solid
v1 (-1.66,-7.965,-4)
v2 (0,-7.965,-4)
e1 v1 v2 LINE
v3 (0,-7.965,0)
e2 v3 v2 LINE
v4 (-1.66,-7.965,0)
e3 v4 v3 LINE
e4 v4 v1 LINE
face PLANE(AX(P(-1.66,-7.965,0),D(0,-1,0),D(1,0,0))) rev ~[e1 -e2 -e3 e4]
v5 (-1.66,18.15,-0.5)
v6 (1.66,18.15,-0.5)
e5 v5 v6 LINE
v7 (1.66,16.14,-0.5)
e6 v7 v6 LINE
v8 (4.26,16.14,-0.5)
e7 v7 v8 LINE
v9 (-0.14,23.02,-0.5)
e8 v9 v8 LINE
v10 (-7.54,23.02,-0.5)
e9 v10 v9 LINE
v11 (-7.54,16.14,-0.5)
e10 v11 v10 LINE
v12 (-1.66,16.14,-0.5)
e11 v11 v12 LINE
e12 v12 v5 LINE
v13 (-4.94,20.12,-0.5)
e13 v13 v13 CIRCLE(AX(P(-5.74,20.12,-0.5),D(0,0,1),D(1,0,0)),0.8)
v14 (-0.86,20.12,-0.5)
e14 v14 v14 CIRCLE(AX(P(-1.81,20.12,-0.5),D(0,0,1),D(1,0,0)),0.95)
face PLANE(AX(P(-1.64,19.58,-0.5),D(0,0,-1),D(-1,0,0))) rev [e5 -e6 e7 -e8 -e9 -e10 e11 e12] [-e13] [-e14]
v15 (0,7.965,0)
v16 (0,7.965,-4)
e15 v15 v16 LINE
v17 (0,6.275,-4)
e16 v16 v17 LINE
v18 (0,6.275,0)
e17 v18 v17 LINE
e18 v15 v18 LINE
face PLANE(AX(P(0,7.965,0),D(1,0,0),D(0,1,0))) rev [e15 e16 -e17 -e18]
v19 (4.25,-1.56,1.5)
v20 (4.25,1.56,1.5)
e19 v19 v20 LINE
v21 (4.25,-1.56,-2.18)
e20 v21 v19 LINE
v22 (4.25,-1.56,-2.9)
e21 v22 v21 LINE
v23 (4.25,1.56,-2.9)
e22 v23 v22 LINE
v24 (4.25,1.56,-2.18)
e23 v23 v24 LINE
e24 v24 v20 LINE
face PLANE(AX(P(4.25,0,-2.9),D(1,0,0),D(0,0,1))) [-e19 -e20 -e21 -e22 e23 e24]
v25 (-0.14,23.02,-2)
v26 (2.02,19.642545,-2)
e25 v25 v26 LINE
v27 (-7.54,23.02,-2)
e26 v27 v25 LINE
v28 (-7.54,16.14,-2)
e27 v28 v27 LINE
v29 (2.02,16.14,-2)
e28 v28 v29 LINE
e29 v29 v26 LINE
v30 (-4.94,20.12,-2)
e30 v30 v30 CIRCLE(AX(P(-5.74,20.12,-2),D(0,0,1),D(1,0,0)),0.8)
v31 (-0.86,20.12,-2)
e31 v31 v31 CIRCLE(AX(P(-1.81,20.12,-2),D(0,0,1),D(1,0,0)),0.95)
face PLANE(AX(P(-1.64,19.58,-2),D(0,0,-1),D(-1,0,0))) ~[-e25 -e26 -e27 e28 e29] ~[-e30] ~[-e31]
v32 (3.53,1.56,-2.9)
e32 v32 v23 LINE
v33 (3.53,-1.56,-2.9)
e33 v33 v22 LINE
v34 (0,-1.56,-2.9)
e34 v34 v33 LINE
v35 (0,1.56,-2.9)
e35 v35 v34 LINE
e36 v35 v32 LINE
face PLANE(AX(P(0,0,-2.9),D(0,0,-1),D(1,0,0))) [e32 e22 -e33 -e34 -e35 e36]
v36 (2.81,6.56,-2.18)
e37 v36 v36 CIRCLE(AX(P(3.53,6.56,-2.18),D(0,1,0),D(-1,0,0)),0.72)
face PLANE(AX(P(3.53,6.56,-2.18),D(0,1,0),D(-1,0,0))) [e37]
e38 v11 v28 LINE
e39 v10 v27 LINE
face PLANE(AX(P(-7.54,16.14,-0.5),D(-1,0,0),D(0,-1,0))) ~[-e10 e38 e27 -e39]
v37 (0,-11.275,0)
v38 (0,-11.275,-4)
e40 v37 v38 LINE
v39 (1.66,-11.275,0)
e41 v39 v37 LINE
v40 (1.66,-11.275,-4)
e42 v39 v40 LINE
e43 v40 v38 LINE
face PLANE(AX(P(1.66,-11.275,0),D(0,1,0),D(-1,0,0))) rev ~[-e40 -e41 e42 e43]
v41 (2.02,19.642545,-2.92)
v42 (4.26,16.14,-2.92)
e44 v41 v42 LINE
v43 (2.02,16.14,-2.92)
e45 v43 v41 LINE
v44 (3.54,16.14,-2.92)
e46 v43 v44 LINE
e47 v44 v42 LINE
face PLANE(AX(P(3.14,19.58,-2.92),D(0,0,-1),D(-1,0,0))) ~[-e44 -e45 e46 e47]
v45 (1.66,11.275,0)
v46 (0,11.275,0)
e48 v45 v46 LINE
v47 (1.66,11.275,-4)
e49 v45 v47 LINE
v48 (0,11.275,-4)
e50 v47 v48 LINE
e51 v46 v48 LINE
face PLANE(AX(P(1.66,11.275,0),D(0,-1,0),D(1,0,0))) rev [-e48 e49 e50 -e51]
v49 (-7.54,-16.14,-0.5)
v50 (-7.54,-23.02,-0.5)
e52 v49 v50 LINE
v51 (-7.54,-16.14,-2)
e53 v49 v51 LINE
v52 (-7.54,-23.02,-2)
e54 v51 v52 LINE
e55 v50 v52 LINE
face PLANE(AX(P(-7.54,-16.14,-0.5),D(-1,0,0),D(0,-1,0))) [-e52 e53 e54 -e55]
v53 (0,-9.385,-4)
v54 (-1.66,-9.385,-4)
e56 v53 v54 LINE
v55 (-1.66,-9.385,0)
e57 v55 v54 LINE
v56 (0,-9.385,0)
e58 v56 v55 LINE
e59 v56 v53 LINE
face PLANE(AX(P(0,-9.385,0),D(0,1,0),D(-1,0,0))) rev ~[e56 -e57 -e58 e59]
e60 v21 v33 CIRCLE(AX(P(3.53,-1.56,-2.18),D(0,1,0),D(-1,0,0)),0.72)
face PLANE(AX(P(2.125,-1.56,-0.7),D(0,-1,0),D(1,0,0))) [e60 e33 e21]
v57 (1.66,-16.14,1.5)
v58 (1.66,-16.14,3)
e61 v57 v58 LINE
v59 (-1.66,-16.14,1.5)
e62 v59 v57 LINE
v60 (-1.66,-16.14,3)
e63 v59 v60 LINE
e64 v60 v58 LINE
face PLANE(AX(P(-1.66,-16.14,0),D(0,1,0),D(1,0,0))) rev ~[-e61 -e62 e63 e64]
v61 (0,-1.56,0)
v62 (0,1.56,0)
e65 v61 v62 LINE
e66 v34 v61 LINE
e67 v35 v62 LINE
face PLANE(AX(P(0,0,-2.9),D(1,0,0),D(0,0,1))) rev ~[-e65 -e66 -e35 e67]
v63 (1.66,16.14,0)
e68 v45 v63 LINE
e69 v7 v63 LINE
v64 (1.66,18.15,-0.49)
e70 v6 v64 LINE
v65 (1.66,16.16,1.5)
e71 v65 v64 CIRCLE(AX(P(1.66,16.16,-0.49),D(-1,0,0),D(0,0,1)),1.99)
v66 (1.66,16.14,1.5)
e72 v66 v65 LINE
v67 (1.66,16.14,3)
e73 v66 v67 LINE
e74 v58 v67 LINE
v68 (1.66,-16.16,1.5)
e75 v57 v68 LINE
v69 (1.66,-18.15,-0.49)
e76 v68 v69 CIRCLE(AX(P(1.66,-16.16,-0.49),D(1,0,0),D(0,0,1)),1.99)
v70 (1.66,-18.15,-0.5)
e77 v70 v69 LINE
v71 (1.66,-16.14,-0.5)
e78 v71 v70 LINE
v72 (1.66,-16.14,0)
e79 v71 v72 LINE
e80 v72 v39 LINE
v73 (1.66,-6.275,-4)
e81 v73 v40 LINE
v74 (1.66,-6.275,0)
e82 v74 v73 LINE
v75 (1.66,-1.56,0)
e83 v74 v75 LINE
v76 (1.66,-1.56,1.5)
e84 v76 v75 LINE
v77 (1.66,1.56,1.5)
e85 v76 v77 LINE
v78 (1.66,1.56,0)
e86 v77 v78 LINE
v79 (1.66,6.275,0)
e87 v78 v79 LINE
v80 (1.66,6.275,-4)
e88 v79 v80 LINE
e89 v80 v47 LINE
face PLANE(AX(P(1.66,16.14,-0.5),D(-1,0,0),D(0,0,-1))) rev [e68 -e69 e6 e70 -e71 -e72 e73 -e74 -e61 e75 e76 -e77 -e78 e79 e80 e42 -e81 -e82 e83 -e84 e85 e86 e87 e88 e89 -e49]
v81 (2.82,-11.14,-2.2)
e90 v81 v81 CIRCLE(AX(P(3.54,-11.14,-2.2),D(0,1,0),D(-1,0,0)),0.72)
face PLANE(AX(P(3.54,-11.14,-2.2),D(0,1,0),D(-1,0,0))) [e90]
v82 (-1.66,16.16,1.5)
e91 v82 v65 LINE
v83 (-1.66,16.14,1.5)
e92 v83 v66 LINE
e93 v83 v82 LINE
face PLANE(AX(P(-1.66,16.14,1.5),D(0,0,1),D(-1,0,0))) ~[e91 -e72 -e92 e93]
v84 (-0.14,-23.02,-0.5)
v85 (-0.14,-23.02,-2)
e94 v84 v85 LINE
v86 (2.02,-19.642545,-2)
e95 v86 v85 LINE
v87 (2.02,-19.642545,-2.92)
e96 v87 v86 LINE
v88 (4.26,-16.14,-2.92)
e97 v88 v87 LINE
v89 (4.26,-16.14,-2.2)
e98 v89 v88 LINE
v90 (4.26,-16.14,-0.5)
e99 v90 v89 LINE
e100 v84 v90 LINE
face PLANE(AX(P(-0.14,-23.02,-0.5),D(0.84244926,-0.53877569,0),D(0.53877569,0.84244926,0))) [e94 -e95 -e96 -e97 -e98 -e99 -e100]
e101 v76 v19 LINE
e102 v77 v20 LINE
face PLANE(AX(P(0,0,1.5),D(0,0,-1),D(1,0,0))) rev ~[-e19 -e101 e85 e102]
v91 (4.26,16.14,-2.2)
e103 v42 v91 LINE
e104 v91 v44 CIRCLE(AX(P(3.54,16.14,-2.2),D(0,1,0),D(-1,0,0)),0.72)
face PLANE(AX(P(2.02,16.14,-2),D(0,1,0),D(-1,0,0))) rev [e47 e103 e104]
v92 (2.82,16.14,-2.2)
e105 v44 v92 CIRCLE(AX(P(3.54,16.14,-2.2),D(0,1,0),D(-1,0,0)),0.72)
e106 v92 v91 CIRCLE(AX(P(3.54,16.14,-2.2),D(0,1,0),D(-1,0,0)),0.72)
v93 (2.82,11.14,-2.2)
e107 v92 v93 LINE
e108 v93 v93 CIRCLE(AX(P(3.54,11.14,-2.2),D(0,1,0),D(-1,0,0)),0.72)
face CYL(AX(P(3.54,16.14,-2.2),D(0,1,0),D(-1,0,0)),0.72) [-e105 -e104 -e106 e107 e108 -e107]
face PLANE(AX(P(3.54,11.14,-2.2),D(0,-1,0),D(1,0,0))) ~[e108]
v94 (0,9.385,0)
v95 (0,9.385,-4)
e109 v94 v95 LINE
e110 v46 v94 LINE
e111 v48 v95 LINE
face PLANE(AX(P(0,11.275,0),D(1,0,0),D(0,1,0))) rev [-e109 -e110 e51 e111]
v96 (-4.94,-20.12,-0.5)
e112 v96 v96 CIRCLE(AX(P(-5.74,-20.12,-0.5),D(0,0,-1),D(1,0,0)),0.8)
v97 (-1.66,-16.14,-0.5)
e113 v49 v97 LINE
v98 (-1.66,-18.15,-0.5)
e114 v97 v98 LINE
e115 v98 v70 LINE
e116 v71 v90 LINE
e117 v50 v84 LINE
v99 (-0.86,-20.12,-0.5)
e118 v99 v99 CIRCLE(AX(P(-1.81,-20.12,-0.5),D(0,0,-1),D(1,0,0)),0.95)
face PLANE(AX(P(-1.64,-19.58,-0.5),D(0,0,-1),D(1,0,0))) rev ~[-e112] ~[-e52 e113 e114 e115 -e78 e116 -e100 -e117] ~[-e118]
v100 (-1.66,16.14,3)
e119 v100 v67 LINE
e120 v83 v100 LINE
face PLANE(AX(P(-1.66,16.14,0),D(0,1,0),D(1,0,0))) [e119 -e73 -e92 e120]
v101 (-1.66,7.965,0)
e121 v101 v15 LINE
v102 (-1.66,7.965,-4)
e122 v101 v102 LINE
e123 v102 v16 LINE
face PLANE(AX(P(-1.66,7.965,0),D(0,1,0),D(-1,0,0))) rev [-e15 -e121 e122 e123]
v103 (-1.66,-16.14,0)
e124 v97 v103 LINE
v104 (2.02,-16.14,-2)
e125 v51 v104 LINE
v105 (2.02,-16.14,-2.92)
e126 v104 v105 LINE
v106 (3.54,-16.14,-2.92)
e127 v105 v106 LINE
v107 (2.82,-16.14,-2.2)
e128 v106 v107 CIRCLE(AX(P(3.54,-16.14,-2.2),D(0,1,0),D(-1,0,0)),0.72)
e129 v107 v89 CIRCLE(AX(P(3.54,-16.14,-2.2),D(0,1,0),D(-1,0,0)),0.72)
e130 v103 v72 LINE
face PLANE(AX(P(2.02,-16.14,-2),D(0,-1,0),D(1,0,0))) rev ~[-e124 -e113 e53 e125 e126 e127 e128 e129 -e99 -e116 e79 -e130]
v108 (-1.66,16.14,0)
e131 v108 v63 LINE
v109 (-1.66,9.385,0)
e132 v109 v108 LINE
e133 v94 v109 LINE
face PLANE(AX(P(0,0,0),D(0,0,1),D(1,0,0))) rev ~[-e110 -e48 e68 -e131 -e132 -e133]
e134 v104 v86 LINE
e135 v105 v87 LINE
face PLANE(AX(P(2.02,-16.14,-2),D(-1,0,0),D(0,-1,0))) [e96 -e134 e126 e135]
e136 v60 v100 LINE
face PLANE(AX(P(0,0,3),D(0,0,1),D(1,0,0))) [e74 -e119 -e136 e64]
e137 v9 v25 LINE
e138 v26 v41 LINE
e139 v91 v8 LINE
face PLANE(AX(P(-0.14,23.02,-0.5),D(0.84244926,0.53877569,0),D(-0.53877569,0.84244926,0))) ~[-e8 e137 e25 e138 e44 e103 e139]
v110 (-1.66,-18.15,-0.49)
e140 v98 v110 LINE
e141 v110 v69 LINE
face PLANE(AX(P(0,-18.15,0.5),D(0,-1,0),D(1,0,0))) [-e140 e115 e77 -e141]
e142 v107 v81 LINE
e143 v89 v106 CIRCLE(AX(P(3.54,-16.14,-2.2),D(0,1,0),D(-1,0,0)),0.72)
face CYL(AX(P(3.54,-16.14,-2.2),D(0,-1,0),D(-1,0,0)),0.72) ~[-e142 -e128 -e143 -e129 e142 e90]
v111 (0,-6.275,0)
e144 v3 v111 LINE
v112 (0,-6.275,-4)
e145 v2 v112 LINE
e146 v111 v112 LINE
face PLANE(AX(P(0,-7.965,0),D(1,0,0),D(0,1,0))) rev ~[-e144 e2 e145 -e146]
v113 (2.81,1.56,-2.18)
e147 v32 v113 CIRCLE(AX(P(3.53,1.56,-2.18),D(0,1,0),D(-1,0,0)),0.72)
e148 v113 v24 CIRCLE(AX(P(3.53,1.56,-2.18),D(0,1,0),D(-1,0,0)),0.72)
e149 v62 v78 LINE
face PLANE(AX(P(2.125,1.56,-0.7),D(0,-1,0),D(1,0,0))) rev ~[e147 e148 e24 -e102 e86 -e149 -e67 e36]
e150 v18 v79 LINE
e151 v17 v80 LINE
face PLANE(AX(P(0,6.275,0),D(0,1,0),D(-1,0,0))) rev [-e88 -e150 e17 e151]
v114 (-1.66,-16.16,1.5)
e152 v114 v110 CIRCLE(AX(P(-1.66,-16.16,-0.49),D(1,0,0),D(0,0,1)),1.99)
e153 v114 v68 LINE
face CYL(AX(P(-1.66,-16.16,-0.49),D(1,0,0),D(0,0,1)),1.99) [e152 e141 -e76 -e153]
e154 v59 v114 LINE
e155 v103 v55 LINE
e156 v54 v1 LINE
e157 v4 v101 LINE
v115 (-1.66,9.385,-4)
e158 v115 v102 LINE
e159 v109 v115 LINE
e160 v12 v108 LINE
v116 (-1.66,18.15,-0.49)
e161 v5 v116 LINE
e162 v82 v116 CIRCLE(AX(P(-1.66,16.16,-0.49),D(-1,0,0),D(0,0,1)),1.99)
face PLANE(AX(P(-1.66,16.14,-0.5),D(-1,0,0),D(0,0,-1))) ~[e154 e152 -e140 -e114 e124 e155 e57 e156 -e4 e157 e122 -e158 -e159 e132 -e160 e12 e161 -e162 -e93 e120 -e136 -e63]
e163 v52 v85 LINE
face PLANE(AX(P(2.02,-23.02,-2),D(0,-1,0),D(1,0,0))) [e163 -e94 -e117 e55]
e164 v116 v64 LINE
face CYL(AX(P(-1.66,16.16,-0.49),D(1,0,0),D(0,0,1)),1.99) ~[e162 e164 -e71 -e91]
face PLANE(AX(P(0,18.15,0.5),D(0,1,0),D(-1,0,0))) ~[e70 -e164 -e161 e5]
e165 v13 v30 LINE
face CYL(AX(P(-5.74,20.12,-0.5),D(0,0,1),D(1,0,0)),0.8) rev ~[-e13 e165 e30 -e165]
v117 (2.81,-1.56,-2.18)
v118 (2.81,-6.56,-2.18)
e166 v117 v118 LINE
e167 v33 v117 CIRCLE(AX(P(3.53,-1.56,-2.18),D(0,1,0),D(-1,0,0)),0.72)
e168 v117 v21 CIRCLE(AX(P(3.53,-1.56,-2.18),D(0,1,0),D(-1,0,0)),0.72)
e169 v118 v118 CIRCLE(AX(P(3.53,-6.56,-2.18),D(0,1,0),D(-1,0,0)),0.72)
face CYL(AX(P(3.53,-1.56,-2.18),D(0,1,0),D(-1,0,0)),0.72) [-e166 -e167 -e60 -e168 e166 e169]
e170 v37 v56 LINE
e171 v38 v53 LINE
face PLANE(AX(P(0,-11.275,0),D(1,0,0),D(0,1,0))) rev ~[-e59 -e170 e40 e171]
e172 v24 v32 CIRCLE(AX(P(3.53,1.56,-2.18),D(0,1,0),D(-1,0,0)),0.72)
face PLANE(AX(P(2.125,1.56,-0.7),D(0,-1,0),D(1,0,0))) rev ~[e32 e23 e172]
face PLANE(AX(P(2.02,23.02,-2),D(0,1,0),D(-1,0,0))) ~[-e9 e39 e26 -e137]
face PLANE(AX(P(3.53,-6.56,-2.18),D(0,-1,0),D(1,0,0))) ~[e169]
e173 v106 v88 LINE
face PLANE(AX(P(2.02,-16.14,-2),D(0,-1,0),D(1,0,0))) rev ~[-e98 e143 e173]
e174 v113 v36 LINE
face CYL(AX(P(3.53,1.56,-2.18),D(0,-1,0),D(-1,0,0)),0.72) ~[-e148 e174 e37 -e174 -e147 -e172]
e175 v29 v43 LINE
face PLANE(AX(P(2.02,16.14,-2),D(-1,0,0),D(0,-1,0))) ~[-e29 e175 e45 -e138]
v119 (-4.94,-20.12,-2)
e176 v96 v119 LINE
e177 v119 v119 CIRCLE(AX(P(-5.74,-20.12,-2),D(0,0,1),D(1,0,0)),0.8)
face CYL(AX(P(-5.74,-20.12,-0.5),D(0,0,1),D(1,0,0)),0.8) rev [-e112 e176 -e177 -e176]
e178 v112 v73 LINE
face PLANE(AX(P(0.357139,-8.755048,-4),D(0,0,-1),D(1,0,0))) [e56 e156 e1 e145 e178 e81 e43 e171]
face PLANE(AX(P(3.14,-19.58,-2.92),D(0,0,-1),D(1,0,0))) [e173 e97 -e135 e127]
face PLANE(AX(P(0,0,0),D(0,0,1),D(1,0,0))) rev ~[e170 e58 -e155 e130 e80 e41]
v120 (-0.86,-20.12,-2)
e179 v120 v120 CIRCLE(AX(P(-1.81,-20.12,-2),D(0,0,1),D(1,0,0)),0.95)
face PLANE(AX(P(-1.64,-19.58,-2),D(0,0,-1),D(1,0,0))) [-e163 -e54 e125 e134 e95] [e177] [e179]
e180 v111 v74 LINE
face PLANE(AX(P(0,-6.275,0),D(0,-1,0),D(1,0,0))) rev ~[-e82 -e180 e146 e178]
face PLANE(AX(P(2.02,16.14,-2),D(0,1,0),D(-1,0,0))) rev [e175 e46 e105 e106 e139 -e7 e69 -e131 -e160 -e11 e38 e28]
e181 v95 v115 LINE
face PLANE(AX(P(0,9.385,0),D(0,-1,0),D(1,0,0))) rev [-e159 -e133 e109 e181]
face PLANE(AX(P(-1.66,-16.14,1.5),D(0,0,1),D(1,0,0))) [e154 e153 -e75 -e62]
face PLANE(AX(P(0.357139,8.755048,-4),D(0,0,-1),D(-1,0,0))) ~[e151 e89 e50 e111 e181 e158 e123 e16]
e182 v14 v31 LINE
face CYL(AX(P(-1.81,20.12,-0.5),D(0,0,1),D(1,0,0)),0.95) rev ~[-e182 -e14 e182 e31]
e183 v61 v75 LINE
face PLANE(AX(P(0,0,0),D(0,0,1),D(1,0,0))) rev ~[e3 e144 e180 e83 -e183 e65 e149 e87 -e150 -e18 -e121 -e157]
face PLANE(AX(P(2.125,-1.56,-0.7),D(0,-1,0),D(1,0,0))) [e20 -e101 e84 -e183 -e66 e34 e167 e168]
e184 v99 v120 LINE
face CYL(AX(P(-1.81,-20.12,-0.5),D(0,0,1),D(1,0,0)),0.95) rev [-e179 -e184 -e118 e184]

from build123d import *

# Parameters (mm, degrees)
SKETCH_W          = 3.32
SKETCH_H          = 32.28
PAD_DEPTH         = 3
PAD001_DEPTH      = 4
SKETCH002_W       = 3.32
SKETCH002_H       = 2
PAD002_DEPTH      = 2.01
FILLET_R          = 1.99
FILLET001_R       = 1.99
SKETCH003_W       = 11.8
SKETCH003_H       = 6.88
PAD003_DEPTH      = 1.5
SKETCH006_W       = 4.25
SKETCH006_H       = 4.4
PAD005_DEPTH      = 1.56
PAD005_DEPTH_BACK = 1.56
SKETCH007_W       = 2.24
SKETCH007_H       = 6.88
PAD006_DEPTH      = 0.92
POCKET_DEPTH      = 5
SKETCH009_R       = 0.72
PAD007_DEPTH      = 5
SKETCH010_R       = 0.72
PAD008_DEPTH      = 5
SKETCH011_R       = 0.8
POCKET001_DEPTH   = 5
SKETCH012_R       = 0.95
POCKET002_DEPTH   = 5


with BuildPart() as part:
    # Sketch → Pad (new body)
    with BuildSketch(Plane.XY):
        Rectangle(SKETCH_W, SKETCH_H)
    extrude(amount=PAD_DEPTH)

    # Sketch001 (on Face5 of Pad) → Pad001 (join)
    with BuildSketch(Plane(origin=(0, 0, 0), x_dir=(1, 0, 0), z_dir=(0, 0, -1))):
        Polygon((1.66, 6.275), (1.66, 11.275), (0, 11.275), (0, 9.385), (-1.66, 9.385), (-1.66, 7.965), (0, 7.965), (0, 6.275), align=None)
    pad001 = extrude(amount=PAD001_DEPTH)

    # Mirrored: Pad001 across Sketch001 H_Axis
    add(pad001.mirror(Plane(origin=(0, 0, 0), x_dir=(0, 0, -1), z_dir=(0, -1, 0))))

    # Sketch002 (on Face6 of Mirrored) → Pad002 (join)
    with BuildSketch(Plane.XZ.offset(16.14)):
        with Locations((0, 0.5)):
            Rectangle(SKETCH002_W, SKETCH002_H)
    pad002 = extrude(amount=PAD002_DEPTH)

    # Fillet
    fillet_edges = [part.edges().sort_by_distance(p)[0] for p in [
        (0, -18.15, 1.5),
    ]]
    fillet(fillet_edges, radius=FILLET_R)

    # Mirrored001: Pad002 across XZ
    add(pad002.mirror(Plane.XZ))

    # Fillet001
    fillet001_edges = [part.edges().sort_by_distance(p)[0] for p in [
        (0, 18.15, 1.5),
    ]]
    fillet(fillet001_edges, radius=FILLET001_R)

    # Sketch003 (on Face23 of Fillet001) → Pad003 (join)
    with BuildSketch(Plane(origin=(0, 0, -0.5), x_dir=(1, 0, 0), z_dir=(0, 0, -1))):
        with Locations((-1.64, 19.58)):
            Rectangle(SKETCH003_W, SKETCH003_H)
    pad003 = extrude(amount=PAD003_DEPTH)

    # Mirrored002: Pad003 across XZ
    add(pad003.mirror(Plane.XZ))

    # Sketch006 → Pad005 (join, two sides)
    with BuildSketch(Plane.XZ) as pad005_sk:
        with Locations((2.125, -0.7)):
            Rectangle(SKETCH006_W, SKETCH006_H)
    extrude(amount=PAD005_DEPTH)
    extrude(pad005_sk.sketch, amount=-PAD005_DEPTH_BACK)

    # Sketch007 (on Face56 of Pad005) → Pad006 (join)
    with BuildSketch(Plane(origin=(0, 0, -2), x_dir=(1, 0, 0), z_dir=(0, 0, -1))):
        with Locations((3.14, 19.58)):
            Rectangle(SKETCH007_W, SKETCH007_H)
    pad006 = extrude(amount=PAD006_DEPTH)

    # Mirrored003: Pad006 across XZ
    add(pad006.mirror(Plane.XZ))

    # Sketch008 (on Face43 of Mirrored003) → Pocket (cut)
    with BuildSketch(Plane.XY.offset(-0.5)):
        Polygon((4.26, -16.14), (4.26, -23.02), (-0.14, -23.02), align=None)
    pocket = extrude(amount=-POCKET_DEPTH, mode=Mode.SUBTRACT)

    # Mirrored004: Pocket across XZ
    add(pocket.mirror(Plane.XZ), mode=Mode.SUBTRACT)

    # Sketch009 (on Face59 of Mirrored004) → Pad007 (join)
    with BuildSketch(Plane(origin=(0, -16.14, 0), x_dir=(-1, 0, 0), z_dir=(0, 1, 0))):
        with Locations((-3.54, -2.2)):
            Circle(SKETCH009_R)
    pad007 = extrude(amount=PAD007_DEPTH)

    # Mirrored005: Pad007 across XZ
    add(pad007.mirror(Plane.XZ))

    # Sketch010 (on Face35 of Mirrored005) → Pad008 (join)
    with BuildSketch(Plane(origin=(0, 1.56, 0), x_dir=(-1, 0, 0), z_dir=(0, 1, 0))):
        with Locations((-3.53, -2.18)):
            Circle(SKETCH010_R)
    pad008 = extrude(amount=PAD008_DEPTH)

    # Mirrored006: Pad008 across XZ
    add(pad008.mirror(Plane.XZ))

    # Sketch011 (on Face2 of Mirrored006) → Pocket001 (cut)
    with BuildSketch(Plane.XY.offset(-0.5)):
        with Locations((-5.74, 20.12)):
            Circle(SKETCH011_R)
    pocket001 = extrude(amount=-POCKET001_DEPTH, mode=Mode.SUBTRACT)

    # Mirrored007: Pocket001 across XZ
    add(pocket001.mirror(Plane.XZ), mode=Mode.SUBTRACT)

    # Sketch012 (on Face2 of Mirrored007) → Pocket002 (cut)
    with BuildSketch(Plane.XY.offset(-0.5)):
        with Locations((-1.81, 20.12)):
            Circle(SKETCH012_R)
    pocket002 = extrude(amount=-POCKET002_DEPTH, mode=Mode.SUBTRACT)

    # Mirrored008: Pocket002 across XZ
    add(pocket002.mirror(Plane.XZ), mode=Mode.SUBTRACT)


solid = part.part
